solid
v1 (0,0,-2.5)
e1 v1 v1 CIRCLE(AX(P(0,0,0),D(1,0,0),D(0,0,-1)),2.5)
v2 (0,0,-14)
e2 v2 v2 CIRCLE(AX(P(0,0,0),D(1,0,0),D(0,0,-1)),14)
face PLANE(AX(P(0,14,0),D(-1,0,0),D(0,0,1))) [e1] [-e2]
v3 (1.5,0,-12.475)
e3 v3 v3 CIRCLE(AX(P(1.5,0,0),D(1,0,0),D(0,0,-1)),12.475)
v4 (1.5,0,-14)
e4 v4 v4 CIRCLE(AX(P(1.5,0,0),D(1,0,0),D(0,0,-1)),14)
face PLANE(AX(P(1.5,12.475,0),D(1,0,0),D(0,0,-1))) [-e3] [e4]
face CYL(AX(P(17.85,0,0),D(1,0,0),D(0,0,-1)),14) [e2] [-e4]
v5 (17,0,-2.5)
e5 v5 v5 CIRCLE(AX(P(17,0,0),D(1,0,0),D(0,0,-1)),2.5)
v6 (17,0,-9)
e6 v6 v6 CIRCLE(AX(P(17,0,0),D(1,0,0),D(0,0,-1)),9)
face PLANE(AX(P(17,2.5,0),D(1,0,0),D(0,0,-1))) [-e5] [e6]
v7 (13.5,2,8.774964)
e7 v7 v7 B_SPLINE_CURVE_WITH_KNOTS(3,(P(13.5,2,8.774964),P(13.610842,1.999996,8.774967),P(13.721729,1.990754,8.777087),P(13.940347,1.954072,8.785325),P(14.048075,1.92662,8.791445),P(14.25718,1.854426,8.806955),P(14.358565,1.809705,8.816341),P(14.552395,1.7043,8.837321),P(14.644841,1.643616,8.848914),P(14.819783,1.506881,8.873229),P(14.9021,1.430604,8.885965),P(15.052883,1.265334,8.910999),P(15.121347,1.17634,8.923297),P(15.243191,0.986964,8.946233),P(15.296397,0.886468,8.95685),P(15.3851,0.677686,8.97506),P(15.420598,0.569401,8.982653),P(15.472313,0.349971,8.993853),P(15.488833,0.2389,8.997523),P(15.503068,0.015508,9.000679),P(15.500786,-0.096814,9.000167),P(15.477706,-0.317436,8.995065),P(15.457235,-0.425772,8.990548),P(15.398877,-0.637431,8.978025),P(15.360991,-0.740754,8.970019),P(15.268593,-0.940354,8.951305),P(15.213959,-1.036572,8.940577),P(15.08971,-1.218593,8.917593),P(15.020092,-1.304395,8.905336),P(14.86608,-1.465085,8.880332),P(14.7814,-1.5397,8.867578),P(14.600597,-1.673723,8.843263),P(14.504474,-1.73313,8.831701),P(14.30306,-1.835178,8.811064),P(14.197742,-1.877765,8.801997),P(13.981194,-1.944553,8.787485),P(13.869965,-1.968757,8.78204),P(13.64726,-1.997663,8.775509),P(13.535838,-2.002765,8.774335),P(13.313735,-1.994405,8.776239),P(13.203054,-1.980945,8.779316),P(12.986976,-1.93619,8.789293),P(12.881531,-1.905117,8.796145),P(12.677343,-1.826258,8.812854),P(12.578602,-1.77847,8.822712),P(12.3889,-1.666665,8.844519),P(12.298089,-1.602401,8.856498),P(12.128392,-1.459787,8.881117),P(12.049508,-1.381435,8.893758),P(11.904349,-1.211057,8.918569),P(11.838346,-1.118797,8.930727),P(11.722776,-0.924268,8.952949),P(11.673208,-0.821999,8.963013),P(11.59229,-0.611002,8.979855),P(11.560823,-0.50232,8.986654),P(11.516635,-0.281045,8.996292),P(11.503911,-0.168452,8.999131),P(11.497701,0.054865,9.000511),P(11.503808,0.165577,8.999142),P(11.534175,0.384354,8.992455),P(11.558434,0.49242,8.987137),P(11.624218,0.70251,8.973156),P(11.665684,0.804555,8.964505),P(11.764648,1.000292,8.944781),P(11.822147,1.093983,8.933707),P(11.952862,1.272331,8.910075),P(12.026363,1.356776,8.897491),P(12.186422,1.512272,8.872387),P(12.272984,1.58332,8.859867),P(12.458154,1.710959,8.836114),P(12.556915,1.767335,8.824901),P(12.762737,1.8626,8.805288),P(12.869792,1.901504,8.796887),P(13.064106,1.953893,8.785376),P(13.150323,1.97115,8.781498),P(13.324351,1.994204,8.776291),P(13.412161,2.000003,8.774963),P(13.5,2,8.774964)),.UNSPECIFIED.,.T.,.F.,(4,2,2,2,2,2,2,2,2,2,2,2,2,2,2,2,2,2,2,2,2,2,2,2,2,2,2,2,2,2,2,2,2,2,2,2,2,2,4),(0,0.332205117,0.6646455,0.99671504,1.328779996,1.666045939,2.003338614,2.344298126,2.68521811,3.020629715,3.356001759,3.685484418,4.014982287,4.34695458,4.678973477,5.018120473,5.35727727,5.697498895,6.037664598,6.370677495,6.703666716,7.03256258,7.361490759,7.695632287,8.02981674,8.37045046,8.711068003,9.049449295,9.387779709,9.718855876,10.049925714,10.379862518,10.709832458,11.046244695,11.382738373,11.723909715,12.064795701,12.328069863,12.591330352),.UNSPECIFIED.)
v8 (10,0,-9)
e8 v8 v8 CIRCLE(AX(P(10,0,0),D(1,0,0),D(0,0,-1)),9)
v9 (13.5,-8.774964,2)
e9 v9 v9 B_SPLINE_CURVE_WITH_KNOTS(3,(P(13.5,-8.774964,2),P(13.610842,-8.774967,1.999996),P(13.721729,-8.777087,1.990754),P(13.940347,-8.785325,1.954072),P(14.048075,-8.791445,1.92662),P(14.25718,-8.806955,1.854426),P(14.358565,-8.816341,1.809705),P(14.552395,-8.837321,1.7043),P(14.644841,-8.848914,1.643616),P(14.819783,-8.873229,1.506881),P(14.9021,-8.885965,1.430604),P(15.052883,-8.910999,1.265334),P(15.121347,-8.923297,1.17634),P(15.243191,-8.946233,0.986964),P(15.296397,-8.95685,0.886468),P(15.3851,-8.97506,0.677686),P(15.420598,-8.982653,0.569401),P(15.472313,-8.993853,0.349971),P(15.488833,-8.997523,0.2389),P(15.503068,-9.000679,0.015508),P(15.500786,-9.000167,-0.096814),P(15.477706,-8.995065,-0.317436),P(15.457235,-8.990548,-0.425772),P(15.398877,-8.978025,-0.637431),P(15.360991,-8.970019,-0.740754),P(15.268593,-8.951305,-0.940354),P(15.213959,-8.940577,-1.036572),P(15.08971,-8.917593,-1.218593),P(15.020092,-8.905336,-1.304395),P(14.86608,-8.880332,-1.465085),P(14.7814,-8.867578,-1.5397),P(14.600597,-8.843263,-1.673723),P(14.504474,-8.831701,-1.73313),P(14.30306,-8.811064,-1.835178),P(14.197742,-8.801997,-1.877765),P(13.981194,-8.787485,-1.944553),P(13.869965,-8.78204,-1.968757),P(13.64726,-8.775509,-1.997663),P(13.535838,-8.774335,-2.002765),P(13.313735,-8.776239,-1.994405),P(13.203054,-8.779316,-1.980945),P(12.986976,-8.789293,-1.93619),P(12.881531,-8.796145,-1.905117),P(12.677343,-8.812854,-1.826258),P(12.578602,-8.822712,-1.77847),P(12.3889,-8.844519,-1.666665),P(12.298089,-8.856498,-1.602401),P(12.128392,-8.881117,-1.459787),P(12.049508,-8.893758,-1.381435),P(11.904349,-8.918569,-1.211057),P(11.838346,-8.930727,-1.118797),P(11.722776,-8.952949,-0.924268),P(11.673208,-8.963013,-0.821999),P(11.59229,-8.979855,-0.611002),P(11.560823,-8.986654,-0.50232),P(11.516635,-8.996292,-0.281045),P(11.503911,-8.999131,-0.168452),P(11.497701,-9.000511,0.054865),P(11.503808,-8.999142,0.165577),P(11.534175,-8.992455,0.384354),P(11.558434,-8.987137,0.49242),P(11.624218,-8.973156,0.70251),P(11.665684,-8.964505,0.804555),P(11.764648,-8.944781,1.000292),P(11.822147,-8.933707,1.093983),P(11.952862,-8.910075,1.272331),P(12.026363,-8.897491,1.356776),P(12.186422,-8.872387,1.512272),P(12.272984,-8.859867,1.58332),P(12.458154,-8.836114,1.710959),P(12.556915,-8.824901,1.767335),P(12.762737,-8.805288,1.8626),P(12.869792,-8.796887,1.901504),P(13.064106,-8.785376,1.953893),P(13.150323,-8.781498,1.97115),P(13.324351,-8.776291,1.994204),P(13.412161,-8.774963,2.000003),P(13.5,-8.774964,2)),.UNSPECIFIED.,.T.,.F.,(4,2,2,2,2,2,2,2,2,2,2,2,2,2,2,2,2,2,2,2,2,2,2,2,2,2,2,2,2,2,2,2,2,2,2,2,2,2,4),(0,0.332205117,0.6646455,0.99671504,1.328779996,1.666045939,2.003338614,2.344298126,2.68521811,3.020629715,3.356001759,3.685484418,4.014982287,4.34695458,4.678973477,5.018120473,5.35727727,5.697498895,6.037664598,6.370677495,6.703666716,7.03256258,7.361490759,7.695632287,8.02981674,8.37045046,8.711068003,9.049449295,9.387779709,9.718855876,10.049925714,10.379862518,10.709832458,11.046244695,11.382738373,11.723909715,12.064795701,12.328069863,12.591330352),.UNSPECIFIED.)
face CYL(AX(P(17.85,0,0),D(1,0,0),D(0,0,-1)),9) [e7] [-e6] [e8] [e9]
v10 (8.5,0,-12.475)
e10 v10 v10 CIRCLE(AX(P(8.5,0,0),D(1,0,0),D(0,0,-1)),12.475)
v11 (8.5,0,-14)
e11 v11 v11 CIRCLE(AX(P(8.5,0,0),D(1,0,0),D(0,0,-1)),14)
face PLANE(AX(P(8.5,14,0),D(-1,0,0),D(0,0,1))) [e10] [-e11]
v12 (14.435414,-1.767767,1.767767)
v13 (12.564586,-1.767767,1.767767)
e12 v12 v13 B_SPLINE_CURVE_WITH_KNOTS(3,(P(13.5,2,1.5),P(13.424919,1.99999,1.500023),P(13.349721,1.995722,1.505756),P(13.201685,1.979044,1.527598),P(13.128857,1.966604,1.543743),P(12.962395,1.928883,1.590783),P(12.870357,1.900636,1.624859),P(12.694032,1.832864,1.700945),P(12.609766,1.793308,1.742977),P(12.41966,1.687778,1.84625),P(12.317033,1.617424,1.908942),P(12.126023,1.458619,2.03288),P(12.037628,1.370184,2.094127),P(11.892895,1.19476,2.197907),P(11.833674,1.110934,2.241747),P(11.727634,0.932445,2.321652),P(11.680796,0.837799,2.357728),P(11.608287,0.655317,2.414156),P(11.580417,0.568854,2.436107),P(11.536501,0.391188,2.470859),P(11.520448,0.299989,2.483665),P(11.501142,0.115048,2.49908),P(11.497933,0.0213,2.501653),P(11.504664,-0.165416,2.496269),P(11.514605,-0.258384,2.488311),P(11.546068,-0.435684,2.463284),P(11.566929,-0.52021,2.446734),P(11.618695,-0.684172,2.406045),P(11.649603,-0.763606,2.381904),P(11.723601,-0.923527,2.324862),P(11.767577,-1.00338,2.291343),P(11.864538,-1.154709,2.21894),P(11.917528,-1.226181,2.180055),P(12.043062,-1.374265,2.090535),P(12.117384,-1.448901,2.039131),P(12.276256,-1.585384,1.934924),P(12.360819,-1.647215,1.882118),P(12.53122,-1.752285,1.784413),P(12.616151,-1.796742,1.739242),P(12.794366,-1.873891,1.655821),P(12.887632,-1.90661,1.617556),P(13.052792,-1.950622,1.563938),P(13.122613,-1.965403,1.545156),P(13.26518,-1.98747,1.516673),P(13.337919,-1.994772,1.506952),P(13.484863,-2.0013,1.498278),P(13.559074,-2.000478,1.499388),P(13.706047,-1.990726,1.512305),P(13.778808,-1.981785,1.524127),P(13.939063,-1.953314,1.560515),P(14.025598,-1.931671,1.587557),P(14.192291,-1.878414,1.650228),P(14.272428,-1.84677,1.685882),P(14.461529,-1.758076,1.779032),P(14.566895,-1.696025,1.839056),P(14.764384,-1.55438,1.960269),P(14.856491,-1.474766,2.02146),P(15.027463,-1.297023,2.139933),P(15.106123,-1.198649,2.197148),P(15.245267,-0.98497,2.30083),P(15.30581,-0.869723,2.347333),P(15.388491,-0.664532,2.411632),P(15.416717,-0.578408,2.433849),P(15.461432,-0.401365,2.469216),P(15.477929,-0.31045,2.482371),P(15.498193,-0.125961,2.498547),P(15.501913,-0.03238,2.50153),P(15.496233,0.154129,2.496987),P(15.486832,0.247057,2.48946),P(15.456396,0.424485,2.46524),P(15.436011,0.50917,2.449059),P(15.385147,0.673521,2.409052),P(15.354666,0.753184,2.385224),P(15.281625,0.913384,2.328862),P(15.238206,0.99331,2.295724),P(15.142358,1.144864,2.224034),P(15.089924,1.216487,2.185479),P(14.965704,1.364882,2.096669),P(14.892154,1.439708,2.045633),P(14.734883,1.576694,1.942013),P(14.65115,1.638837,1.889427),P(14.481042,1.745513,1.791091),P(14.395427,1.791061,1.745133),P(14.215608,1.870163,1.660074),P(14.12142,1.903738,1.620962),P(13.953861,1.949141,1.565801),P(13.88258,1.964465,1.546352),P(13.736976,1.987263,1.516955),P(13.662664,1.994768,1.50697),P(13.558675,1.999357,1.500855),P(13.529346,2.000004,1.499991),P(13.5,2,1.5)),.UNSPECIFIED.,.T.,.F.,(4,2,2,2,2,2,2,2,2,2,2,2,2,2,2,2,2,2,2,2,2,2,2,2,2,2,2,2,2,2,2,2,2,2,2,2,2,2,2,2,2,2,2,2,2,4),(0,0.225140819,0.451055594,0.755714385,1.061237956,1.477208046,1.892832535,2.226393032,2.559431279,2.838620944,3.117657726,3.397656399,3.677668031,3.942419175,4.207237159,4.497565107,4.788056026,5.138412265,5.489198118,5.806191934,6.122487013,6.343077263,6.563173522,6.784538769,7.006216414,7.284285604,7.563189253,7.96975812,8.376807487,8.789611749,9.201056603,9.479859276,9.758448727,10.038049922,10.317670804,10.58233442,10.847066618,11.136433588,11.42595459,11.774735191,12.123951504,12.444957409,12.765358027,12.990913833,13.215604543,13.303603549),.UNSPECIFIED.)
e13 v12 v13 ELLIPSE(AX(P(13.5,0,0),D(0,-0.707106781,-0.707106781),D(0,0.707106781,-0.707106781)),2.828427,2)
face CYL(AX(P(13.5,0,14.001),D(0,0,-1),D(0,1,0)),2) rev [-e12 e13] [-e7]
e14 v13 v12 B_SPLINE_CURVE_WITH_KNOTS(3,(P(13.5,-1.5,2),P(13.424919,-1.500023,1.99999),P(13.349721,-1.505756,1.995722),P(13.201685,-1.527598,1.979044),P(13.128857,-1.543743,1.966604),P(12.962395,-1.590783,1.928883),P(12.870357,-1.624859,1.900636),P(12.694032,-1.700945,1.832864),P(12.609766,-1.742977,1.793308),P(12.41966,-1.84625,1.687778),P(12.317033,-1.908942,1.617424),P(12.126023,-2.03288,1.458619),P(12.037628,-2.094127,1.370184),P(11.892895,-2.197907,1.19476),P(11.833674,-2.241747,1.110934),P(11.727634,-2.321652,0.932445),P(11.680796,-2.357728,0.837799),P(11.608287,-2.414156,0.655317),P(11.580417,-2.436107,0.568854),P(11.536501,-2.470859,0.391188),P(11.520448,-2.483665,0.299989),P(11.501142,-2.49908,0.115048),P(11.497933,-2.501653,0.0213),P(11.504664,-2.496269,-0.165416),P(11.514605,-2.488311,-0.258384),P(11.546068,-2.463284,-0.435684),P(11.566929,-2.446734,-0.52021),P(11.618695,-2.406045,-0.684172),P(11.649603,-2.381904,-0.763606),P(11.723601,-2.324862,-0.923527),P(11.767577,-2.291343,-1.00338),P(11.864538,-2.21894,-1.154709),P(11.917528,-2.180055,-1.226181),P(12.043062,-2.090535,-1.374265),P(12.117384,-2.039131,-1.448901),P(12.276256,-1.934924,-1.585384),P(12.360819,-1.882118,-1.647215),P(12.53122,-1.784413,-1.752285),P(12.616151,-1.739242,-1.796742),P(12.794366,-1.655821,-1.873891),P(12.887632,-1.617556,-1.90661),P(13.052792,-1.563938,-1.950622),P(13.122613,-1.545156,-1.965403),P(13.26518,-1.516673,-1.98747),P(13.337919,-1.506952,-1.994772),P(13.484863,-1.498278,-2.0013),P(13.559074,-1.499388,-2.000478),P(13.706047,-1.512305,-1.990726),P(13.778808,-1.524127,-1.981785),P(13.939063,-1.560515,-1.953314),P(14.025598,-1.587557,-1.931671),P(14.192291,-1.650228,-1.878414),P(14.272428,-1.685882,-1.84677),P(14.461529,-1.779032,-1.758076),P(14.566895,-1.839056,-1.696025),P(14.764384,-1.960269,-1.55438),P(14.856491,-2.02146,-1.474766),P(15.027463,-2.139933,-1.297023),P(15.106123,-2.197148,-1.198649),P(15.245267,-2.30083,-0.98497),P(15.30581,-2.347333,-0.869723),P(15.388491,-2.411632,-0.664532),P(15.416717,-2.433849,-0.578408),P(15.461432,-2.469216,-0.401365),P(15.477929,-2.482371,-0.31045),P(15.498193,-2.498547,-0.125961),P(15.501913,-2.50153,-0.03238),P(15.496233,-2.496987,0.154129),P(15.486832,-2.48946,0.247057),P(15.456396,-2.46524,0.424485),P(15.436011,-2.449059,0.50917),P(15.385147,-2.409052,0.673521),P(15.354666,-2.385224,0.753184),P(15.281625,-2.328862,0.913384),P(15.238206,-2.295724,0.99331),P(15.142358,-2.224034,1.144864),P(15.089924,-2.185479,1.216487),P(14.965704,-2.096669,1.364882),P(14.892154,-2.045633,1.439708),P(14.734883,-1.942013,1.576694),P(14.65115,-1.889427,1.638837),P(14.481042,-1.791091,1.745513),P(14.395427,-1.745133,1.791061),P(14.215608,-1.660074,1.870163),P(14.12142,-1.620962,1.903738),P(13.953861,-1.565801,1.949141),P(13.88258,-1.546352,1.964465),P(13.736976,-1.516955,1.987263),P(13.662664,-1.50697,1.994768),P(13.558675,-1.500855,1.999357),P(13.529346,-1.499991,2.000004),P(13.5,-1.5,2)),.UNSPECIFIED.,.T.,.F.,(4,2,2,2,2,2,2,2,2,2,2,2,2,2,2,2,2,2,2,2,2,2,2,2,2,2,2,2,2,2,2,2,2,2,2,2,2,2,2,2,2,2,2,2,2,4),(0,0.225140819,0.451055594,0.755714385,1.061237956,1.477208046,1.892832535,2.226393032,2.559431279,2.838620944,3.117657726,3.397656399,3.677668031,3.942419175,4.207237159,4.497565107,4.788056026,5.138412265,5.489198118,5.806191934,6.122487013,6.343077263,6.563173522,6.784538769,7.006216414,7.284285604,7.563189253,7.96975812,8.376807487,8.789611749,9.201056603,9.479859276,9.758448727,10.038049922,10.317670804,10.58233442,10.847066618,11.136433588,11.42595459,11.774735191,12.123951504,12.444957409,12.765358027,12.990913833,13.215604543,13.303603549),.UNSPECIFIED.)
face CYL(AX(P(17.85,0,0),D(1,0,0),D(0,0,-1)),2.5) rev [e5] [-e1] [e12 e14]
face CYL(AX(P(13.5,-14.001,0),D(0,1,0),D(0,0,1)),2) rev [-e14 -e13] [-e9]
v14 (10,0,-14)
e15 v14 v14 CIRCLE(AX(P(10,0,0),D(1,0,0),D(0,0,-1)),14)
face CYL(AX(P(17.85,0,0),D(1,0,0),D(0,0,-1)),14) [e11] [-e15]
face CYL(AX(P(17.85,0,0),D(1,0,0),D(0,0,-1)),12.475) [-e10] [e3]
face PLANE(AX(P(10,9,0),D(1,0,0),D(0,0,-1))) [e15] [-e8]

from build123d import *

# Parameters (mm, degrees)
CUT_EXTRUDE1_REACH      = 28.096
CUT_EXTRUDE1_END_RADIUS = 9
SKETCH2_R               = 2
CIRPATTERN1_COUNT       = 2
CIRPATTERN1_ANGLE       = 90


with BuildPart() as part:
    # Sketch1 → Revolve1 (revolve)
    with BuildSketch(Plane.XY, mode=Mode.PRIVATE) as revolve1_sk:
        Polygon((0, 2.5), (17, 2.5), (17, 9), (10, 9), (10, 14), (8.5, 14), (8.5, 12.475), (1.5, 12.475), (1.5, 14), (0, 14), align=None)
    revolve(revolve1_sk.sketch.rotate(Axis((17.85, 0, 0), (-1, 0, 0)), 90), axis=Axis((17.85, 0, 0), (-1, 0, 0)))

    # Cut-Extrude1: up to this cylinder (the profile starts inside it)
    cut_extrude1_end = Plane(origin=(13.5, 0, 0), z_dir=(1, 0, 0)) * Cylinder(CUT_EXTRUDE1_END_RADIUS, 75.192, mode=Mode.PRIVATE)
    # Sketch2 → Cut-Extrude1 (cut, up to the surface)
    with BuildSketch(Plane(origin=(0, 0, 0), x_dir=(1, 0, 0), z_dir=(0, 1, 0)), mode=Mode.PRIVATE) as cut_extrude1_sk1:
        with Locations(Location((13.5, 0, 0), (0, 0, 270))):
            Circle(SKETCH2_R)
    cut_extrude1_tool1 = extrude(cut_extrude1_sk1.sketch, amount=-CUT_EXTRUDE1_REACH, mode=Mode.PRIVATE) & cut_extrude1_end
    cut_extrude1 = cut_extrude1_tool1.solids().sort_by_distance((13.5, 0, 0))[0]
    add(cut_extrude1, mode=Mode.SUBTRACT)

    # CirPattern1: Cut-Extrude1 ×2 about axis
    cirpattern1_axis = Axis((17.85, 0, 0), (-1, 0, 0))
    for i in range(1, CIRPATTERN1_COUNT):
        add(cut_extrude1.rotate(cirpattern1_axis, i * CIRPATTERN1_ANGLE / (CIRPATTERN1_COUNT - 1)), mode=Mode.SUBTRACT)


solid = part.part
